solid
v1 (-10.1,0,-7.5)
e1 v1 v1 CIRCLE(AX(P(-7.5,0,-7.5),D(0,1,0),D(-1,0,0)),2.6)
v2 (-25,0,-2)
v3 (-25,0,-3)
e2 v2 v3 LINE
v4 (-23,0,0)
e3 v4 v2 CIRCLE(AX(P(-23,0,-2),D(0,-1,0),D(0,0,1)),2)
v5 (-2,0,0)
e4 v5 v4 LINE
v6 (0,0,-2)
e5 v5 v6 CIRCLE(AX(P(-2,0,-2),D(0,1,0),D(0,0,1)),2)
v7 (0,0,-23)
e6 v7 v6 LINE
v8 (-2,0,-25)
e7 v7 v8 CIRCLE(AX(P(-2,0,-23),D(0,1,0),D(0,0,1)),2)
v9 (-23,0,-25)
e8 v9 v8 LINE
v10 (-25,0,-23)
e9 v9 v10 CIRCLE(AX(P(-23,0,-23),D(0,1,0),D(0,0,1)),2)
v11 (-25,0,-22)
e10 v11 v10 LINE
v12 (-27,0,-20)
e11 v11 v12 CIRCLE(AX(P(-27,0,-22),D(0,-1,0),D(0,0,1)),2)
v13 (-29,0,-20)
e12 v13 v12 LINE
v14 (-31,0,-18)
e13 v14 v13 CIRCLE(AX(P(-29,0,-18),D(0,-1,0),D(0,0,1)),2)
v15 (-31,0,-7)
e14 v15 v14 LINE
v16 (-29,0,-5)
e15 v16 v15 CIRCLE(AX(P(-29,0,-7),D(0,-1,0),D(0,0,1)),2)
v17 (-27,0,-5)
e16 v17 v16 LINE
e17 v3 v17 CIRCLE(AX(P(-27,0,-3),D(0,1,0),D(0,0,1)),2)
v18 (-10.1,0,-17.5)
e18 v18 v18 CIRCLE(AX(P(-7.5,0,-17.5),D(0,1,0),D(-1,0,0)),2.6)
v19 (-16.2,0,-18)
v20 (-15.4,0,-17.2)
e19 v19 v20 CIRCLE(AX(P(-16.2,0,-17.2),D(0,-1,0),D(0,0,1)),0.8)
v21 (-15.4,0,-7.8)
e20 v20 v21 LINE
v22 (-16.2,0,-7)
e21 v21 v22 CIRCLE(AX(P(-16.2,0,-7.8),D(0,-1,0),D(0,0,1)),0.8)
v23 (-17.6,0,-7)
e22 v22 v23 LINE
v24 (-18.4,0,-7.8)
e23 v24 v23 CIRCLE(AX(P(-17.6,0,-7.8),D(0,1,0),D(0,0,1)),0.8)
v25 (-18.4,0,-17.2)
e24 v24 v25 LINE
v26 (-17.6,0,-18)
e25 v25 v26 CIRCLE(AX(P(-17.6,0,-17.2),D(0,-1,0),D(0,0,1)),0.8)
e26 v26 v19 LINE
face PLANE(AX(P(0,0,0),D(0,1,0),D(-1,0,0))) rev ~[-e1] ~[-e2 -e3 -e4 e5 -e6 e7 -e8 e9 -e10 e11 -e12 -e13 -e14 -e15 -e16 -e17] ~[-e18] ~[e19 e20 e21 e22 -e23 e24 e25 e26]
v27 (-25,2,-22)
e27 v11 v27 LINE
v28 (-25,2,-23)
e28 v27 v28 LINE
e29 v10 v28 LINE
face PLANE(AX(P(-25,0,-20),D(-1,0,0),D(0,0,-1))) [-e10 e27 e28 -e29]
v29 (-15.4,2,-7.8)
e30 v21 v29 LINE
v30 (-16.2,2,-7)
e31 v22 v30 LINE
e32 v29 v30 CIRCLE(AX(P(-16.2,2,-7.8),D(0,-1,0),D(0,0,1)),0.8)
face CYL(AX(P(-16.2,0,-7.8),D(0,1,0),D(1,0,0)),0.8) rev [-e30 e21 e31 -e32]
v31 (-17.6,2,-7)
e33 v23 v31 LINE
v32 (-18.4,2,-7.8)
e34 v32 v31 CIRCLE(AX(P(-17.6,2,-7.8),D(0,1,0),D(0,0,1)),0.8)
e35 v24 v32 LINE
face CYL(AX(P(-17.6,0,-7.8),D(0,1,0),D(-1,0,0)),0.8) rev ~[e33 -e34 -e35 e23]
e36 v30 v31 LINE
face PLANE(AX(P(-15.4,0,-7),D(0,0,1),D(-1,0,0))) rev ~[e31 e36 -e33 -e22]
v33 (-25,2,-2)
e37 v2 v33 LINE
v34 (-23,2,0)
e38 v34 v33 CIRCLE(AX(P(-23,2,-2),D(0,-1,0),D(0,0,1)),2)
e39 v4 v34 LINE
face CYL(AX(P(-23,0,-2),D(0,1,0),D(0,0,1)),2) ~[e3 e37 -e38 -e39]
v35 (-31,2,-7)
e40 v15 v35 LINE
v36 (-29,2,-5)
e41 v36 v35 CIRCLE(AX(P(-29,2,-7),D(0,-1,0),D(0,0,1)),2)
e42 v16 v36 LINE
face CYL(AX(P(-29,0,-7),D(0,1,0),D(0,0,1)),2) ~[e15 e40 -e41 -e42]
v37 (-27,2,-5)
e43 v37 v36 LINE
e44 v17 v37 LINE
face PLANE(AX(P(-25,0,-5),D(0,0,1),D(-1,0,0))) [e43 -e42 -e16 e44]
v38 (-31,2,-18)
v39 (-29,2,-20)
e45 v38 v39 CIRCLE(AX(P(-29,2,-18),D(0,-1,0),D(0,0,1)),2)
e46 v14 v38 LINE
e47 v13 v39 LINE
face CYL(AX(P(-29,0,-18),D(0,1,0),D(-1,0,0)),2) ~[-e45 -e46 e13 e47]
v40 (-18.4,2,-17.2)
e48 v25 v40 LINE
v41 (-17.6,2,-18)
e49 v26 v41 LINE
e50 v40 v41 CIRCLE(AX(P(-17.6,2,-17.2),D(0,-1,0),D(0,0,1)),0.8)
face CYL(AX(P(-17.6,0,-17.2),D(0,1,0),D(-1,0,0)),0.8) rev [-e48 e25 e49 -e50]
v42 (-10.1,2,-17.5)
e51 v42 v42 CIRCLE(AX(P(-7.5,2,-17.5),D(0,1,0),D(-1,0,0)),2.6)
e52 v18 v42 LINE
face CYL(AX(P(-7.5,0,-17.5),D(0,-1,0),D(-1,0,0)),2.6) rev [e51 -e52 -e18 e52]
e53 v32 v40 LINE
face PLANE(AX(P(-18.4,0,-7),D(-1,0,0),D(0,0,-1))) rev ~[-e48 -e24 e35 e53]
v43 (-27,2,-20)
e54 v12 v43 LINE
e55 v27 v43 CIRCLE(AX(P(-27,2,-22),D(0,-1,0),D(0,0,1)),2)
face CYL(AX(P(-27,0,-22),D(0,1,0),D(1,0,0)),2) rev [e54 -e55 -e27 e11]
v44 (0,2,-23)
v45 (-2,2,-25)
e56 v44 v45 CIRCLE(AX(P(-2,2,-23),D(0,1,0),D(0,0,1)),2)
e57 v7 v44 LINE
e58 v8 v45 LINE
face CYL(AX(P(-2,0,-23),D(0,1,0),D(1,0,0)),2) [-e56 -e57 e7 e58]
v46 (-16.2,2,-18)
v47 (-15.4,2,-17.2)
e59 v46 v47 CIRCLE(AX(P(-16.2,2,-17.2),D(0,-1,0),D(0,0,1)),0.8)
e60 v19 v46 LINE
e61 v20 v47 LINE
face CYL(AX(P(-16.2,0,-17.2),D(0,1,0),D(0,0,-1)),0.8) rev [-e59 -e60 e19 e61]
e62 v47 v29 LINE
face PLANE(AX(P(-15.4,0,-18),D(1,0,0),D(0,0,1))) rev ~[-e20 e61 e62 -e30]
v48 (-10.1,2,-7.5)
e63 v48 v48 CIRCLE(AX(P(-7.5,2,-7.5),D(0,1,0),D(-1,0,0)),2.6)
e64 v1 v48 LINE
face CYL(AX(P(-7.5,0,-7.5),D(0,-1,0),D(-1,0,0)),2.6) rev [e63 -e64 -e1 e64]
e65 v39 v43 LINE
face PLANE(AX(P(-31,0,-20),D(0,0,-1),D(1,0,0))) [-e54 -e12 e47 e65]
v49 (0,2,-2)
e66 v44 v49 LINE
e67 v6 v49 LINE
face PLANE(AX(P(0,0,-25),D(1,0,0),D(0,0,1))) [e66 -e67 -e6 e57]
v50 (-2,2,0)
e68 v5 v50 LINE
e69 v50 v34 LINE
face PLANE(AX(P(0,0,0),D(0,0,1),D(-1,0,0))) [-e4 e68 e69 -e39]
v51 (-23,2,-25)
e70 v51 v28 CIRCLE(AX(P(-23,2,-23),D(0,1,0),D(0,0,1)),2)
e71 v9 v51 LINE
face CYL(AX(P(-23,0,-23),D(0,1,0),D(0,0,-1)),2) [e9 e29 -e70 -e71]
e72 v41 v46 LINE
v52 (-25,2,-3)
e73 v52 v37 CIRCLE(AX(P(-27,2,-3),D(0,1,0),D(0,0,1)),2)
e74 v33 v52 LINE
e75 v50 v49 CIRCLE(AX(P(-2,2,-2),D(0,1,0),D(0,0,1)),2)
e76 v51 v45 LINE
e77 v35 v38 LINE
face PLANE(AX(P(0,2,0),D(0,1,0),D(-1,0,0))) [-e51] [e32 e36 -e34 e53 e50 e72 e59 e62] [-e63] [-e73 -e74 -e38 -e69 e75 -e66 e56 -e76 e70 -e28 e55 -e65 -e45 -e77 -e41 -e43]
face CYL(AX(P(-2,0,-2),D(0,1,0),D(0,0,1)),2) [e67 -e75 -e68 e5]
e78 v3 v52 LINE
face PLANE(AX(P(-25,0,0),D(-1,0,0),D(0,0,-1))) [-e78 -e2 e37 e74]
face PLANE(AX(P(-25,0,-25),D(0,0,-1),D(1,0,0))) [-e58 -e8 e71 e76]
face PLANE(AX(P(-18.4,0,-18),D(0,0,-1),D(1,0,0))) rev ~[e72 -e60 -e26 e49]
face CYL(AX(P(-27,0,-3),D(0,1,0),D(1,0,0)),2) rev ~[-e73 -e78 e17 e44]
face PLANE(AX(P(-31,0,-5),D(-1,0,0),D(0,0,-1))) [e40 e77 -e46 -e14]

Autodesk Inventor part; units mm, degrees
ref_plane "YZ Plane" through (0, 0, 0) normal (1, 0, 0) x (0, 1, 0)
ref_plane "XZ Plane" through (0, 0, 0) normal (0, 1, 0) x (-1, 0, 0)
ref_plane "XY Plane" through (0, 0, 0) normal (0, 0, 1) x (1, 0, 0)
sketch "Szkic1" plane through (0, 0, 0) normal (0, 1, 0) x (-1, 0, 0)
  line L0 (0, 0) -> (25, 0)
  line L1 (25, 0) -> (25, -25)
  line L2 (25, -25) -> (0, -25)
  line L3 (0, -25) -> (0, 0)
  line L4 (25, -5) -> (31, -5)
  line L5 (31, -5) -> (31, -20)
  line L6 (31, -20) -> (25, -20)
  line L7 (25, -20) -> (25, -5)
  circle A0 centre (7.5, -7.5) radius 2.6
  circle A1 centre (7.5, -17.5) radius 2.6
  line L8 (25, -12.5) -> (0, -12.5) construction
  line L9 (18.4, -18) -> (15.4, -18)
  line L10 (15.4, -18) -> (15.4, -7)
  line L11 (15.4, -7) -> (18.4, -7)
  line L12 (18.4, -7) -> (18.4, -18)
  dimension "d0" = 5.2
  dimension "d1" = 25
  dimension "d2" = 25
  dimension "d3" = 7.5
  dimension "d4" = 10
  dimension "d5" = 6
  dimension "d6" = 15
  dimension "d10" = 18.4
  dimension "d11" = 11
  dimension "d12" = 3
extrude "Wyciągnięcie proste1" add sketch "Szkic1" along normal blind 2
fillet "Zaokrąglenie1" radius 2 8 edges at (0, 1, 0) (0, 1, -25) (-25, 1, 0) (-25, 1, -5) (-31, 1, -5) (-31, 1, -20) (-25, 1, -20) (-25, 1, -25)
fillet "Zaokrąglenie2" radius 0.8 4 edges at (-18.4, 1, -18) (-15.4, 1, -18) (-18.4, 1, -7) (-15.4, 1, -7)
properties part number "pokrywka" material "PLA"
